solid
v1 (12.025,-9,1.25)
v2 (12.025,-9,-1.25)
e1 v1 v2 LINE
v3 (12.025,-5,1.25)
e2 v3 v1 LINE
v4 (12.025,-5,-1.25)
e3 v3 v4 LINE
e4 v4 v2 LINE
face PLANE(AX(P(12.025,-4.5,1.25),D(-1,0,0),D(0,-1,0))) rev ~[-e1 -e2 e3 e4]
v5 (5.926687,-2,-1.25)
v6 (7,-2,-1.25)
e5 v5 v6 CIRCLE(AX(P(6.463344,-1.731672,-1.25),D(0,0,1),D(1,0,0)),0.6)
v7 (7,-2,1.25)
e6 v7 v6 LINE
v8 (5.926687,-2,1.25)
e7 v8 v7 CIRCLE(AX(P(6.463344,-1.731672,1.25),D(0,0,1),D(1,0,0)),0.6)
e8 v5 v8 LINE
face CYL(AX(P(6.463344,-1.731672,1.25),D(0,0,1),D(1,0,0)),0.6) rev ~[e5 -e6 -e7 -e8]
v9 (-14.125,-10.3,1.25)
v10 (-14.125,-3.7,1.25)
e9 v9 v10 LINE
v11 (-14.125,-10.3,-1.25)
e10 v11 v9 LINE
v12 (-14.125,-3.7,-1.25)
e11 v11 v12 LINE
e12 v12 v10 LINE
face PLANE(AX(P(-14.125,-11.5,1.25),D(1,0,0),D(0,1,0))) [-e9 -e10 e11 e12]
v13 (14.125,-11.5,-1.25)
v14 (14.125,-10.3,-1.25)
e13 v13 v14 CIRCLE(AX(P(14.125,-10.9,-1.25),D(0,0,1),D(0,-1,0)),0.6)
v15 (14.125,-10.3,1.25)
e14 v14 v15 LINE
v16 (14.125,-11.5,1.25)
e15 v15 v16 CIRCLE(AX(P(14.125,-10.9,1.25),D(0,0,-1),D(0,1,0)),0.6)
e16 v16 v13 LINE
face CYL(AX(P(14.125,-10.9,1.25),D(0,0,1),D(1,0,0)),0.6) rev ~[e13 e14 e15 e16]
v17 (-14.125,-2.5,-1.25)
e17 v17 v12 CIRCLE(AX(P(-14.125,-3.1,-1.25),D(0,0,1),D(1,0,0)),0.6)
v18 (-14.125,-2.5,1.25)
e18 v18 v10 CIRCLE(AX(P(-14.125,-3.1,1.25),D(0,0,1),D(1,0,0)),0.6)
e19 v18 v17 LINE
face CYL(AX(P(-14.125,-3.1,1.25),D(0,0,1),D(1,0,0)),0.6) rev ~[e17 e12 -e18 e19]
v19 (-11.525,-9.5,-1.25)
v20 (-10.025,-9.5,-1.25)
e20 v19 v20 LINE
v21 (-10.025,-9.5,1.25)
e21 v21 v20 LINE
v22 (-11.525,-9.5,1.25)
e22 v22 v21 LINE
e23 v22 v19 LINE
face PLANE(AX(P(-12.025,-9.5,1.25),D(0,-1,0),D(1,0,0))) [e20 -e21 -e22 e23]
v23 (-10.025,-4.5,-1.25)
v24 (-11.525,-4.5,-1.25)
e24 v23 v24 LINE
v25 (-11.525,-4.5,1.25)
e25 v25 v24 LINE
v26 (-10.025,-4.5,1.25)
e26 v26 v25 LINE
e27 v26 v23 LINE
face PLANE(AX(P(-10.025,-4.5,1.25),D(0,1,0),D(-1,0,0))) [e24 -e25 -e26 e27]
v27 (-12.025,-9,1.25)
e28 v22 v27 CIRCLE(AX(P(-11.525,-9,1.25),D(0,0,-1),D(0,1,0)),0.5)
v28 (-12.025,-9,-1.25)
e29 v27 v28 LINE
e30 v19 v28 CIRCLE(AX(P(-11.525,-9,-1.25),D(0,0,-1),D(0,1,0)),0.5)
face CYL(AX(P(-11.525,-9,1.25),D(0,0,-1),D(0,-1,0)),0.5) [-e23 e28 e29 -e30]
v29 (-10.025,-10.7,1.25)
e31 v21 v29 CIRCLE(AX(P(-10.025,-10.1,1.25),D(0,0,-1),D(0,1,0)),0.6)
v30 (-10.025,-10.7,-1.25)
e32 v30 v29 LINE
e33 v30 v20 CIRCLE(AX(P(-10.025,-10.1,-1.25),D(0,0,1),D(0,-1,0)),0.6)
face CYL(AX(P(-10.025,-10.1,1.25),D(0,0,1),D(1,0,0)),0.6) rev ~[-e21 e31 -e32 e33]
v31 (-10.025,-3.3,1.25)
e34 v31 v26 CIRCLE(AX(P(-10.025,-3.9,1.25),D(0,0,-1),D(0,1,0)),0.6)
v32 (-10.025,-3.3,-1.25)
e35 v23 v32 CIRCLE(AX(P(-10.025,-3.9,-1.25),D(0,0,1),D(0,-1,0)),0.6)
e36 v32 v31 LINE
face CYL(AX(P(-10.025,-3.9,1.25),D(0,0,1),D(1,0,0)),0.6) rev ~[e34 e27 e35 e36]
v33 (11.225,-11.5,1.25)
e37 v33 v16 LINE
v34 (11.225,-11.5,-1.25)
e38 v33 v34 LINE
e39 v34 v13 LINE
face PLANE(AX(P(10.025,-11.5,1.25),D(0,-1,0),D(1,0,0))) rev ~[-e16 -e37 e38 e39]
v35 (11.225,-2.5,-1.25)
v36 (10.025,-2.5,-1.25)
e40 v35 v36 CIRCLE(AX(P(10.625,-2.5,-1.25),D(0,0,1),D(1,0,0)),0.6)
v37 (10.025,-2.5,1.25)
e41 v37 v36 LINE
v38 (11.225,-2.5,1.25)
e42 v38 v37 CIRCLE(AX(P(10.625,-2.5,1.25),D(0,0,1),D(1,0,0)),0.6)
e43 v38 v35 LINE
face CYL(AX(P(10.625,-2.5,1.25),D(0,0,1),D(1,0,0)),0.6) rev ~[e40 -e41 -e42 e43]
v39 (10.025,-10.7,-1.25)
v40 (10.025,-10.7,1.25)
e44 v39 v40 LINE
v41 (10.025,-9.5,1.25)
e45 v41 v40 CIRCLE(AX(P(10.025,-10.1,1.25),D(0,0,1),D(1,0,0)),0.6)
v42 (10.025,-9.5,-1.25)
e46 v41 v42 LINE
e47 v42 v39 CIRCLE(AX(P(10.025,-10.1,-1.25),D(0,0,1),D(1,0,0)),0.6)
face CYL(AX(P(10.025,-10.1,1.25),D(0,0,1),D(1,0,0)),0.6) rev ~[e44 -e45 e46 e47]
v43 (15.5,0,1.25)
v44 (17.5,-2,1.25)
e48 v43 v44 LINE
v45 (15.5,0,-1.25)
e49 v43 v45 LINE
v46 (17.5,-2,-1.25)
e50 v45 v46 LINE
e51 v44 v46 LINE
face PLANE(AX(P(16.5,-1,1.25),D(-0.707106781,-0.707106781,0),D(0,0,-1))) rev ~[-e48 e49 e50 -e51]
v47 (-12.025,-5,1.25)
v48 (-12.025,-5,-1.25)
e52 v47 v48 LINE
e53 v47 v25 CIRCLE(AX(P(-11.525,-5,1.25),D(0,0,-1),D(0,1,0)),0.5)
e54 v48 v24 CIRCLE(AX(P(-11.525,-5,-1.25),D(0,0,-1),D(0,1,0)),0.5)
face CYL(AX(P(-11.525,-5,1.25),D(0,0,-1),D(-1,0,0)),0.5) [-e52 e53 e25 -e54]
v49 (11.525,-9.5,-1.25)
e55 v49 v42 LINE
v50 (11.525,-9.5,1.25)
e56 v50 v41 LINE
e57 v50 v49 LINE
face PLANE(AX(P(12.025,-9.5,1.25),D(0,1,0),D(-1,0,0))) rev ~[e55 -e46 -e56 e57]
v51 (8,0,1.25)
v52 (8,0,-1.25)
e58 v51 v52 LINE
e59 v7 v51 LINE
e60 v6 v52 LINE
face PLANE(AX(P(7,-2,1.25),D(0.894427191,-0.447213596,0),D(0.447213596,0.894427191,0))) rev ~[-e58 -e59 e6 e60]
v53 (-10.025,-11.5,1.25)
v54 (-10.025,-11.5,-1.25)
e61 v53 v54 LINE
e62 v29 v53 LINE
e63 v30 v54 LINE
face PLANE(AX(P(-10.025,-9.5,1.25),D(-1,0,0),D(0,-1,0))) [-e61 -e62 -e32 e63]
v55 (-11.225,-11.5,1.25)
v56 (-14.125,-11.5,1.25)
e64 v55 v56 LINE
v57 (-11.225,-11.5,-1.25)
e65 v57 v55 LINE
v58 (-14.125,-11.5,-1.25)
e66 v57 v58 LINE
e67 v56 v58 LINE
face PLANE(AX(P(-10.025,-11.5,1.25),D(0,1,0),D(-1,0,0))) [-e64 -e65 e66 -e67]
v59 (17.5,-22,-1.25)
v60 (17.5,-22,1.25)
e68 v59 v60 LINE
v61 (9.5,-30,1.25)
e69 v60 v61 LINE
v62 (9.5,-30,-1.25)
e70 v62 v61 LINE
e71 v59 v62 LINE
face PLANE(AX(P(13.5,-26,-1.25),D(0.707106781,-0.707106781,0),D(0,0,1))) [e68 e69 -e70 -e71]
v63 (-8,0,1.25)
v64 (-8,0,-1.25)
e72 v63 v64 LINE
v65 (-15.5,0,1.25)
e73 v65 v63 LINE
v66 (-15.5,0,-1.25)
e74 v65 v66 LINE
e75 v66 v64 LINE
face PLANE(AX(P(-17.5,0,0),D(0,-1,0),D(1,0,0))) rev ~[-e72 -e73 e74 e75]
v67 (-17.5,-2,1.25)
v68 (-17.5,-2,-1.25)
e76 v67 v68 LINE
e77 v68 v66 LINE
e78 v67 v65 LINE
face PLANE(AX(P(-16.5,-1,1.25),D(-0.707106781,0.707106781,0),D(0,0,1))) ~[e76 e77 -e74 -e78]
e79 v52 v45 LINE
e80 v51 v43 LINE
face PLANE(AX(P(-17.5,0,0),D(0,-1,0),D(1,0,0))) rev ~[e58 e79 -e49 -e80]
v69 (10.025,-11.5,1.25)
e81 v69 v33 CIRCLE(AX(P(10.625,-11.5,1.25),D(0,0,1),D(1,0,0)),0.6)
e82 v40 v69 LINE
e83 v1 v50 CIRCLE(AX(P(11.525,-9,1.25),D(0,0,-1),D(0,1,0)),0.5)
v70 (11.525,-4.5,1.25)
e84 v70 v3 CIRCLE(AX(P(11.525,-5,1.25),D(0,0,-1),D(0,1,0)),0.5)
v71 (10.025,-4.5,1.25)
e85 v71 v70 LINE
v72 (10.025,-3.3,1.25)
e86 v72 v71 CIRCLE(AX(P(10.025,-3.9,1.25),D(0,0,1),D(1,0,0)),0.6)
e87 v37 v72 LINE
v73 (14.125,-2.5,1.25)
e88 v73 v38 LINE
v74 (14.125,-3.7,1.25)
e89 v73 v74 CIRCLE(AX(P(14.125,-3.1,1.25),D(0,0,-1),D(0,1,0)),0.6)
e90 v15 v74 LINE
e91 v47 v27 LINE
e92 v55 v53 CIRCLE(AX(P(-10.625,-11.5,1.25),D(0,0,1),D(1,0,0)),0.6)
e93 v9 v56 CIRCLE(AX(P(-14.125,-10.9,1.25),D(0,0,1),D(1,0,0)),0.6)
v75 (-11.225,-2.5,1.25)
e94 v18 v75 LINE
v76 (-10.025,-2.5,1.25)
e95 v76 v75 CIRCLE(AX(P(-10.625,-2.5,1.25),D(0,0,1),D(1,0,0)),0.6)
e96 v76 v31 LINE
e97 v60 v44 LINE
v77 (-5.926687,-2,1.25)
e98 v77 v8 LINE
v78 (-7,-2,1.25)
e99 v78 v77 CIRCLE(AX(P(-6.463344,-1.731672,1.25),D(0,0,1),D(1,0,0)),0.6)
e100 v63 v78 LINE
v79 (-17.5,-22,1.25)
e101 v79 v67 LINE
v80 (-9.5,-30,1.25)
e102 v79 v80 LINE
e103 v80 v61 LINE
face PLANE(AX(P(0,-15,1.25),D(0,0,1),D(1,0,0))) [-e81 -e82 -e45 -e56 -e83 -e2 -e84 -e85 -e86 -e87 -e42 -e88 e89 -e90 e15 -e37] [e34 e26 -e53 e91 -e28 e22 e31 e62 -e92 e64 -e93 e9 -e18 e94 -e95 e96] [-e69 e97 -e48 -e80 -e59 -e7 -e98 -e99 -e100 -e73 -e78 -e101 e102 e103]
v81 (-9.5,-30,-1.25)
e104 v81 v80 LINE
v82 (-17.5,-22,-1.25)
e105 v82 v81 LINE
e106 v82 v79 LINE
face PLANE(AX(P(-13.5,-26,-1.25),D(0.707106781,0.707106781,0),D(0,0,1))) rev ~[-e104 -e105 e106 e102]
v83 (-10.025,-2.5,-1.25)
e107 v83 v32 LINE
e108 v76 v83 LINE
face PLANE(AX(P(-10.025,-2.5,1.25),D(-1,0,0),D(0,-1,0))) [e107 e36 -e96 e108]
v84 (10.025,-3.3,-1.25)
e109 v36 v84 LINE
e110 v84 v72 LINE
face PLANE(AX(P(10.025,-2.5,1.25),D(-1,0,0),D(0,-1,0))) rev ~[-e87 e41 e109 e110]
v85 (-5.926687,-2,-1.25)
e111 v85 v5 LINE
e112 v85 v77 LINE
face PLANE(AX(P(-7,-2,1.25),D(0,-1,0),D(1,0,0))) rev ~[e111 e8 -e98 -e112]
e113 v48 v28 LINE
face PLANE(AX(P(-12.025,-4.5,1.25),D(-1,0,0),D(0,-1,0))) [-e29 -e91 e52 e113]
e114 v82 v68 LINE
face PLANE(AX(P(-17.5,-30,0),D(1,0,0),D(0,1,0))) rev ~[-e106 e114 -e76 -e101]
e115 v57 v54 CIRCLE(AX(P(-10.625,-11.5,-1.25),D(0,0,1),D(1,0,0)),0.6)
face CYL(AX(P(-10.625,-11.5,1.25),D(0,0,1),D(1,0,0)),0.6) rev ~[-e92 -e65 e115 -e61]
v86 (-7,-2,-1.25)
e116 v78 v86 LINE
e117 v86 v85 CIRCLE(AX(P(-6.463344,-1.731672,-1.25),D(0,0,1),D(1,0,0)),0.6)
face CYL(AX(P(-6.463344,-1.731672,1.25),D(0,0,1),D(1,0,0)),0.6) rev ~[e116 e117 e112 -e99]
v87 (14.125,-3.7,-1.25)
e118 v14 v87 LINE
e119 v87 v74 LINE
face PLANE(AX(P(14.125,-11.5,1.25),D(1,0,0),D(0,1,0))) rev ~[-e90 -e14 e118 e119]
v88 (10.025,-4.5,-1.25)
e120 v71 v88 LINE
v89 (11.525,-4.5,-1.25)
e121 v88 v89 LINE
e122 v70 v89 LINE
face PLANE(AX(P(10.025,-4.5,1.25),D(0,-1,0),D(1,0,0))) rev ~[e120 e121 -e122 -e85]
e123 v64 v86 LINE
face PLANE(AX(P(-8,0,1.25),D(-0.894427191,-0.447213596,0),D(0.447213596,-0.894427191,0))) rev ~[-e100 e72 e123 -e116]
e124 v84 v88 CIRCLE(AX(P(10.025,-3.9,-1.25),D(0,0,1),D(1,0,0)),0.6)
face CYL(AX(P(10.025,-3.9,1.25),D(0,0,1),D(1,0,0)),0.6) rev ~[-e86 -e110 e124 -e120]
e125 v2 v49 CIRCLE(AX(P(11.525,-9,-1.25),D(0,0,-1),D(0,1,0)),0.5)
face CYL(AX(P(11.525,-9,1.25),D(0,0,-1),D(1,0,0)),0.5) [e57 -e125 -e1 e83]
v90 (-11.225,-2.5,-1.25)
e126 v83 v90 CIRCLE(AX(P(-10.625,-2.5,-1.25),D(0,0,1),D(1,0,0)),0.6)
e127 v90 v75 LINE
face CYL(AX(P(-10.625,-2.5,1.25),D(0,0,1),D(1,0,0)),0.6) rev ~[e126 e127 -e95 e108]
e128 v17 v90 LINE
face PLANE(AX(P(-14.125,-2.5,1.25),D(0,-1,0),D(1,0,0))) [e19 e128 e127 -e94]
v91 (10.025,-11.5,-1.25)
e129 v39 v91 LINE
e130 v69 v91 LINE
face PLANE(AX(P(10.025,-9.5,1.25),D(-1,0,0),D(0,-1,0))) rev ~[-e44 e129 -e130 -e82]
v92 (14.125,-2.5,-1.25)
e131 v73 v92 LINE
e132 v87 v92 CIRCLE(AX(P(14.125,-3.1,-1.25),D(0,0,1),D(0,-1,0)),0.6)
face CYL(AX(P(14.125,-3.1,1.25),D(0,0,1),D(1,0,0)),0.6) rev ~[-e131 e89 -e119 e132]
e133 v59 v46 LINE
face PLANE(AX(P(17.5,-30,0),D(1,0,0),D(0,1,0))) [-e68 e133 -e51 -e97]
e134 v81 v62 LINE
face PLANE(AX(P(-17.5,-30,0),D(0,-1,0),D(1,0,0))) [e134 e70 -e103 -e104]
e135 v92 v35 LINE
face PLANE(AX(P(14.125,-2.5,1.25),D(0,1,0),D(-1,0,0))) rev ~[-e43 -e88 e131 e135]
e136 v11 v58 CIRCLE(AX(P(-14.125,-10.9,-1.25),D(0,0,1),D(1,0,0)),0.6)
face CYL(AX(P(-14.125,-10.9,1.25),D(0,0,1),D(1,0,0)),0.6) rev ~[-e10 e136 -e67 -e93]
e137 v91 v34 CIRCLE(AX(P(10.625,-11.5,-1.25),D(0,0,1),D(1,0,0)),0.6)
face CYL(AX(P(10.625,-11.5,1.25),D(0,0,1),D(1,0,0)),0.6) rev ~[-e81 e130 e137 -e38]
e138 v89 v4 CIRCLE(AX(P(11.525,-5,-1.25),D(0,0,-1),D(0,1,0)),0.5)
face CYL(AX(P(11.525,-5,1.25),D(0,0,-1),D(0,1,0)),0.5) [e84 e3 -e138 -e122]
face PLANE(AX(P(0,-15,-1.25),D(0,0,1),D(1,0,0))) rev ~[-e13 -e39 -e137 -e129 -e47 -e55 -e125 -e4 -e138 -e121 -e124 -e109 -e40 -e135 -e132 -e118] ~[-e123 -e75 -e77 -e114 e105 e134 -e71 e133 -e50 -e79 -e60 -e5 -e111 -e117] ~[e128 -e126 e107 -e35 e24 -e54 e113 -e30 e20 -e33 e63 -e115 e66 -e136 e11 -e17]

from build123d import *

# Parameters (mm, degrees)
SKETCH_1_W          = 35
SKETCH_1_H          = 30
EXTRUDE_1_DEPTH     = 1.25
CHAMFER_1_SIZE      = 8
CHAMFER_2_SIZE      = 2
CUT_EXTRUDE_1_DEPTH = 3.5
CUT_EXTRUDE_2_DEPTH = 3.5
SKETCH_5_R          = 0.6
CUT_EXTRUDE_3_DEPTH = 3.5
FILLET_1_R          = 0.5


with BuildPart() as part:
    # 草图1 → 凸台-拉伸1 (new body, symmetric)
    with BuildSketch(Plane.XY):
        with Locations((0, -15)):
            Rectangle(SKETCH_1_W, SKETCH_1_H)
    extrude(amount=EXTRUDE_1_DEPTH, both=True)

    # 倒角1
    chamfer_1_edges = [part.edges().sort_by_distance(p)[0] for p in [
        (17.5, -30, 0),
        (-17.5, -30, 0),
    ]]
    chamfer(chamfer_1_edges, length=CHAMFER_1_SIZE)

    # 倒角2
    chamfer_2_edges = [part.edges().sort_by_distance(p)[0] for p in [
        (-17.5, 0, 0),
        (17.5, 0, 0),
    ]]
    chamfer(chamfer_2_edges, length=CHAMFER_2_SIZE)

    # 草图2 → 切除-拉伸1 (cut, through all)
    with BuildSketch(Plane.XY.offset(1.25)):
        Polygon((-8, 0), (-7, -2), (7, -2), (8, 0), align=None)
    extrude(amount=-CUT_EXTRUDE_1_DEPTH, mode=Mode.SUBTRACT)

    # 草图4 → 切除-拉伸2 (cut, through all)
    with BuildSketch(Plane.XY.offset(1.25)):
        Polygon((-14.125, -2.5), (-10.025, -2.5), (-10.025, -4.5), (-12.025, -4.5), (-12.025, -9.5), (-10.025, -9.5), (-10.025, -11.5), (-14.125, -11.5), align=None)
        Polygon((10.025, -11.5), (14.125, -11.5), (14.125, -2.5), (10.025, -2.5), (10.025, -4.5), (12.025, -4.5), (12.025, -9.5), (10.025, -9.5), align=None)
    extrude(amount=-CUT_EXTRUDE_2_DEPTH, mode=Mode.SUBTRACT)

    # 草图5 → 切除-拉伸3 (cut, through all)
    with BuildSketch(Plane.XY.offset(1.25)):
        with Locations((-14.125, -3.1)):
            Circle(SKETCH_5_R)
        with Locations((-14.125, -10.9)):
            Circle(SKETCH_5_R)
        with Locations((-10.625, -11.5)):
            Circle(SKETCH_5_R)
        with Locations((-10.025, -10.1)):
            Circle(SKETCH_5_R)
        with Locations((-10.025, -3.9)):
            Circle(SKETCH_5_R)
        with Locations((-10.625, -2.5)):
            Circle(SKETCH_5_R)
        with Locations((10.625, -2.5)):
            Circle(SKETCH_5_R)
        with Locations((10.025, -3.9)):
            Circle(SKETCH_5_R)
        with Locations((10.025, -10.1)):
            Circle(SKETCH_5_R)
        with Locations((10.625, -11.5)):
            Circle(SKETCH_5_R)
        with Locations((14.125, -10.9)):
            Circle(SKETCH_5_R)
        with Locations((14.125, -3.1)):
            Circle(SKETCH_5_R)
        with Locations((-6.463343685, -1.731671843)):
            Circle(SKETCH_5_R)
        with Locations((6.463343685, -1.731671843)):
            Circle(SKETCH_5_R)
    extrude(amount=-CUT_EXTRUDE_3_DEPTH, mode=Mode.SUBTRACT)

    # 圆角1
    fillet_1_edges = [part.edges().sort_by_distance(p)[0] for p in [
        (-12.025, -4.5, 0),
        (-12.025, -9.5, 0),
        (12.025, -9.5, 0),
        (12.025, -4.5, 0),
    ]]
    fillet(fillet_1_edges, radius=FILLET_1_R)


solid = part.part
